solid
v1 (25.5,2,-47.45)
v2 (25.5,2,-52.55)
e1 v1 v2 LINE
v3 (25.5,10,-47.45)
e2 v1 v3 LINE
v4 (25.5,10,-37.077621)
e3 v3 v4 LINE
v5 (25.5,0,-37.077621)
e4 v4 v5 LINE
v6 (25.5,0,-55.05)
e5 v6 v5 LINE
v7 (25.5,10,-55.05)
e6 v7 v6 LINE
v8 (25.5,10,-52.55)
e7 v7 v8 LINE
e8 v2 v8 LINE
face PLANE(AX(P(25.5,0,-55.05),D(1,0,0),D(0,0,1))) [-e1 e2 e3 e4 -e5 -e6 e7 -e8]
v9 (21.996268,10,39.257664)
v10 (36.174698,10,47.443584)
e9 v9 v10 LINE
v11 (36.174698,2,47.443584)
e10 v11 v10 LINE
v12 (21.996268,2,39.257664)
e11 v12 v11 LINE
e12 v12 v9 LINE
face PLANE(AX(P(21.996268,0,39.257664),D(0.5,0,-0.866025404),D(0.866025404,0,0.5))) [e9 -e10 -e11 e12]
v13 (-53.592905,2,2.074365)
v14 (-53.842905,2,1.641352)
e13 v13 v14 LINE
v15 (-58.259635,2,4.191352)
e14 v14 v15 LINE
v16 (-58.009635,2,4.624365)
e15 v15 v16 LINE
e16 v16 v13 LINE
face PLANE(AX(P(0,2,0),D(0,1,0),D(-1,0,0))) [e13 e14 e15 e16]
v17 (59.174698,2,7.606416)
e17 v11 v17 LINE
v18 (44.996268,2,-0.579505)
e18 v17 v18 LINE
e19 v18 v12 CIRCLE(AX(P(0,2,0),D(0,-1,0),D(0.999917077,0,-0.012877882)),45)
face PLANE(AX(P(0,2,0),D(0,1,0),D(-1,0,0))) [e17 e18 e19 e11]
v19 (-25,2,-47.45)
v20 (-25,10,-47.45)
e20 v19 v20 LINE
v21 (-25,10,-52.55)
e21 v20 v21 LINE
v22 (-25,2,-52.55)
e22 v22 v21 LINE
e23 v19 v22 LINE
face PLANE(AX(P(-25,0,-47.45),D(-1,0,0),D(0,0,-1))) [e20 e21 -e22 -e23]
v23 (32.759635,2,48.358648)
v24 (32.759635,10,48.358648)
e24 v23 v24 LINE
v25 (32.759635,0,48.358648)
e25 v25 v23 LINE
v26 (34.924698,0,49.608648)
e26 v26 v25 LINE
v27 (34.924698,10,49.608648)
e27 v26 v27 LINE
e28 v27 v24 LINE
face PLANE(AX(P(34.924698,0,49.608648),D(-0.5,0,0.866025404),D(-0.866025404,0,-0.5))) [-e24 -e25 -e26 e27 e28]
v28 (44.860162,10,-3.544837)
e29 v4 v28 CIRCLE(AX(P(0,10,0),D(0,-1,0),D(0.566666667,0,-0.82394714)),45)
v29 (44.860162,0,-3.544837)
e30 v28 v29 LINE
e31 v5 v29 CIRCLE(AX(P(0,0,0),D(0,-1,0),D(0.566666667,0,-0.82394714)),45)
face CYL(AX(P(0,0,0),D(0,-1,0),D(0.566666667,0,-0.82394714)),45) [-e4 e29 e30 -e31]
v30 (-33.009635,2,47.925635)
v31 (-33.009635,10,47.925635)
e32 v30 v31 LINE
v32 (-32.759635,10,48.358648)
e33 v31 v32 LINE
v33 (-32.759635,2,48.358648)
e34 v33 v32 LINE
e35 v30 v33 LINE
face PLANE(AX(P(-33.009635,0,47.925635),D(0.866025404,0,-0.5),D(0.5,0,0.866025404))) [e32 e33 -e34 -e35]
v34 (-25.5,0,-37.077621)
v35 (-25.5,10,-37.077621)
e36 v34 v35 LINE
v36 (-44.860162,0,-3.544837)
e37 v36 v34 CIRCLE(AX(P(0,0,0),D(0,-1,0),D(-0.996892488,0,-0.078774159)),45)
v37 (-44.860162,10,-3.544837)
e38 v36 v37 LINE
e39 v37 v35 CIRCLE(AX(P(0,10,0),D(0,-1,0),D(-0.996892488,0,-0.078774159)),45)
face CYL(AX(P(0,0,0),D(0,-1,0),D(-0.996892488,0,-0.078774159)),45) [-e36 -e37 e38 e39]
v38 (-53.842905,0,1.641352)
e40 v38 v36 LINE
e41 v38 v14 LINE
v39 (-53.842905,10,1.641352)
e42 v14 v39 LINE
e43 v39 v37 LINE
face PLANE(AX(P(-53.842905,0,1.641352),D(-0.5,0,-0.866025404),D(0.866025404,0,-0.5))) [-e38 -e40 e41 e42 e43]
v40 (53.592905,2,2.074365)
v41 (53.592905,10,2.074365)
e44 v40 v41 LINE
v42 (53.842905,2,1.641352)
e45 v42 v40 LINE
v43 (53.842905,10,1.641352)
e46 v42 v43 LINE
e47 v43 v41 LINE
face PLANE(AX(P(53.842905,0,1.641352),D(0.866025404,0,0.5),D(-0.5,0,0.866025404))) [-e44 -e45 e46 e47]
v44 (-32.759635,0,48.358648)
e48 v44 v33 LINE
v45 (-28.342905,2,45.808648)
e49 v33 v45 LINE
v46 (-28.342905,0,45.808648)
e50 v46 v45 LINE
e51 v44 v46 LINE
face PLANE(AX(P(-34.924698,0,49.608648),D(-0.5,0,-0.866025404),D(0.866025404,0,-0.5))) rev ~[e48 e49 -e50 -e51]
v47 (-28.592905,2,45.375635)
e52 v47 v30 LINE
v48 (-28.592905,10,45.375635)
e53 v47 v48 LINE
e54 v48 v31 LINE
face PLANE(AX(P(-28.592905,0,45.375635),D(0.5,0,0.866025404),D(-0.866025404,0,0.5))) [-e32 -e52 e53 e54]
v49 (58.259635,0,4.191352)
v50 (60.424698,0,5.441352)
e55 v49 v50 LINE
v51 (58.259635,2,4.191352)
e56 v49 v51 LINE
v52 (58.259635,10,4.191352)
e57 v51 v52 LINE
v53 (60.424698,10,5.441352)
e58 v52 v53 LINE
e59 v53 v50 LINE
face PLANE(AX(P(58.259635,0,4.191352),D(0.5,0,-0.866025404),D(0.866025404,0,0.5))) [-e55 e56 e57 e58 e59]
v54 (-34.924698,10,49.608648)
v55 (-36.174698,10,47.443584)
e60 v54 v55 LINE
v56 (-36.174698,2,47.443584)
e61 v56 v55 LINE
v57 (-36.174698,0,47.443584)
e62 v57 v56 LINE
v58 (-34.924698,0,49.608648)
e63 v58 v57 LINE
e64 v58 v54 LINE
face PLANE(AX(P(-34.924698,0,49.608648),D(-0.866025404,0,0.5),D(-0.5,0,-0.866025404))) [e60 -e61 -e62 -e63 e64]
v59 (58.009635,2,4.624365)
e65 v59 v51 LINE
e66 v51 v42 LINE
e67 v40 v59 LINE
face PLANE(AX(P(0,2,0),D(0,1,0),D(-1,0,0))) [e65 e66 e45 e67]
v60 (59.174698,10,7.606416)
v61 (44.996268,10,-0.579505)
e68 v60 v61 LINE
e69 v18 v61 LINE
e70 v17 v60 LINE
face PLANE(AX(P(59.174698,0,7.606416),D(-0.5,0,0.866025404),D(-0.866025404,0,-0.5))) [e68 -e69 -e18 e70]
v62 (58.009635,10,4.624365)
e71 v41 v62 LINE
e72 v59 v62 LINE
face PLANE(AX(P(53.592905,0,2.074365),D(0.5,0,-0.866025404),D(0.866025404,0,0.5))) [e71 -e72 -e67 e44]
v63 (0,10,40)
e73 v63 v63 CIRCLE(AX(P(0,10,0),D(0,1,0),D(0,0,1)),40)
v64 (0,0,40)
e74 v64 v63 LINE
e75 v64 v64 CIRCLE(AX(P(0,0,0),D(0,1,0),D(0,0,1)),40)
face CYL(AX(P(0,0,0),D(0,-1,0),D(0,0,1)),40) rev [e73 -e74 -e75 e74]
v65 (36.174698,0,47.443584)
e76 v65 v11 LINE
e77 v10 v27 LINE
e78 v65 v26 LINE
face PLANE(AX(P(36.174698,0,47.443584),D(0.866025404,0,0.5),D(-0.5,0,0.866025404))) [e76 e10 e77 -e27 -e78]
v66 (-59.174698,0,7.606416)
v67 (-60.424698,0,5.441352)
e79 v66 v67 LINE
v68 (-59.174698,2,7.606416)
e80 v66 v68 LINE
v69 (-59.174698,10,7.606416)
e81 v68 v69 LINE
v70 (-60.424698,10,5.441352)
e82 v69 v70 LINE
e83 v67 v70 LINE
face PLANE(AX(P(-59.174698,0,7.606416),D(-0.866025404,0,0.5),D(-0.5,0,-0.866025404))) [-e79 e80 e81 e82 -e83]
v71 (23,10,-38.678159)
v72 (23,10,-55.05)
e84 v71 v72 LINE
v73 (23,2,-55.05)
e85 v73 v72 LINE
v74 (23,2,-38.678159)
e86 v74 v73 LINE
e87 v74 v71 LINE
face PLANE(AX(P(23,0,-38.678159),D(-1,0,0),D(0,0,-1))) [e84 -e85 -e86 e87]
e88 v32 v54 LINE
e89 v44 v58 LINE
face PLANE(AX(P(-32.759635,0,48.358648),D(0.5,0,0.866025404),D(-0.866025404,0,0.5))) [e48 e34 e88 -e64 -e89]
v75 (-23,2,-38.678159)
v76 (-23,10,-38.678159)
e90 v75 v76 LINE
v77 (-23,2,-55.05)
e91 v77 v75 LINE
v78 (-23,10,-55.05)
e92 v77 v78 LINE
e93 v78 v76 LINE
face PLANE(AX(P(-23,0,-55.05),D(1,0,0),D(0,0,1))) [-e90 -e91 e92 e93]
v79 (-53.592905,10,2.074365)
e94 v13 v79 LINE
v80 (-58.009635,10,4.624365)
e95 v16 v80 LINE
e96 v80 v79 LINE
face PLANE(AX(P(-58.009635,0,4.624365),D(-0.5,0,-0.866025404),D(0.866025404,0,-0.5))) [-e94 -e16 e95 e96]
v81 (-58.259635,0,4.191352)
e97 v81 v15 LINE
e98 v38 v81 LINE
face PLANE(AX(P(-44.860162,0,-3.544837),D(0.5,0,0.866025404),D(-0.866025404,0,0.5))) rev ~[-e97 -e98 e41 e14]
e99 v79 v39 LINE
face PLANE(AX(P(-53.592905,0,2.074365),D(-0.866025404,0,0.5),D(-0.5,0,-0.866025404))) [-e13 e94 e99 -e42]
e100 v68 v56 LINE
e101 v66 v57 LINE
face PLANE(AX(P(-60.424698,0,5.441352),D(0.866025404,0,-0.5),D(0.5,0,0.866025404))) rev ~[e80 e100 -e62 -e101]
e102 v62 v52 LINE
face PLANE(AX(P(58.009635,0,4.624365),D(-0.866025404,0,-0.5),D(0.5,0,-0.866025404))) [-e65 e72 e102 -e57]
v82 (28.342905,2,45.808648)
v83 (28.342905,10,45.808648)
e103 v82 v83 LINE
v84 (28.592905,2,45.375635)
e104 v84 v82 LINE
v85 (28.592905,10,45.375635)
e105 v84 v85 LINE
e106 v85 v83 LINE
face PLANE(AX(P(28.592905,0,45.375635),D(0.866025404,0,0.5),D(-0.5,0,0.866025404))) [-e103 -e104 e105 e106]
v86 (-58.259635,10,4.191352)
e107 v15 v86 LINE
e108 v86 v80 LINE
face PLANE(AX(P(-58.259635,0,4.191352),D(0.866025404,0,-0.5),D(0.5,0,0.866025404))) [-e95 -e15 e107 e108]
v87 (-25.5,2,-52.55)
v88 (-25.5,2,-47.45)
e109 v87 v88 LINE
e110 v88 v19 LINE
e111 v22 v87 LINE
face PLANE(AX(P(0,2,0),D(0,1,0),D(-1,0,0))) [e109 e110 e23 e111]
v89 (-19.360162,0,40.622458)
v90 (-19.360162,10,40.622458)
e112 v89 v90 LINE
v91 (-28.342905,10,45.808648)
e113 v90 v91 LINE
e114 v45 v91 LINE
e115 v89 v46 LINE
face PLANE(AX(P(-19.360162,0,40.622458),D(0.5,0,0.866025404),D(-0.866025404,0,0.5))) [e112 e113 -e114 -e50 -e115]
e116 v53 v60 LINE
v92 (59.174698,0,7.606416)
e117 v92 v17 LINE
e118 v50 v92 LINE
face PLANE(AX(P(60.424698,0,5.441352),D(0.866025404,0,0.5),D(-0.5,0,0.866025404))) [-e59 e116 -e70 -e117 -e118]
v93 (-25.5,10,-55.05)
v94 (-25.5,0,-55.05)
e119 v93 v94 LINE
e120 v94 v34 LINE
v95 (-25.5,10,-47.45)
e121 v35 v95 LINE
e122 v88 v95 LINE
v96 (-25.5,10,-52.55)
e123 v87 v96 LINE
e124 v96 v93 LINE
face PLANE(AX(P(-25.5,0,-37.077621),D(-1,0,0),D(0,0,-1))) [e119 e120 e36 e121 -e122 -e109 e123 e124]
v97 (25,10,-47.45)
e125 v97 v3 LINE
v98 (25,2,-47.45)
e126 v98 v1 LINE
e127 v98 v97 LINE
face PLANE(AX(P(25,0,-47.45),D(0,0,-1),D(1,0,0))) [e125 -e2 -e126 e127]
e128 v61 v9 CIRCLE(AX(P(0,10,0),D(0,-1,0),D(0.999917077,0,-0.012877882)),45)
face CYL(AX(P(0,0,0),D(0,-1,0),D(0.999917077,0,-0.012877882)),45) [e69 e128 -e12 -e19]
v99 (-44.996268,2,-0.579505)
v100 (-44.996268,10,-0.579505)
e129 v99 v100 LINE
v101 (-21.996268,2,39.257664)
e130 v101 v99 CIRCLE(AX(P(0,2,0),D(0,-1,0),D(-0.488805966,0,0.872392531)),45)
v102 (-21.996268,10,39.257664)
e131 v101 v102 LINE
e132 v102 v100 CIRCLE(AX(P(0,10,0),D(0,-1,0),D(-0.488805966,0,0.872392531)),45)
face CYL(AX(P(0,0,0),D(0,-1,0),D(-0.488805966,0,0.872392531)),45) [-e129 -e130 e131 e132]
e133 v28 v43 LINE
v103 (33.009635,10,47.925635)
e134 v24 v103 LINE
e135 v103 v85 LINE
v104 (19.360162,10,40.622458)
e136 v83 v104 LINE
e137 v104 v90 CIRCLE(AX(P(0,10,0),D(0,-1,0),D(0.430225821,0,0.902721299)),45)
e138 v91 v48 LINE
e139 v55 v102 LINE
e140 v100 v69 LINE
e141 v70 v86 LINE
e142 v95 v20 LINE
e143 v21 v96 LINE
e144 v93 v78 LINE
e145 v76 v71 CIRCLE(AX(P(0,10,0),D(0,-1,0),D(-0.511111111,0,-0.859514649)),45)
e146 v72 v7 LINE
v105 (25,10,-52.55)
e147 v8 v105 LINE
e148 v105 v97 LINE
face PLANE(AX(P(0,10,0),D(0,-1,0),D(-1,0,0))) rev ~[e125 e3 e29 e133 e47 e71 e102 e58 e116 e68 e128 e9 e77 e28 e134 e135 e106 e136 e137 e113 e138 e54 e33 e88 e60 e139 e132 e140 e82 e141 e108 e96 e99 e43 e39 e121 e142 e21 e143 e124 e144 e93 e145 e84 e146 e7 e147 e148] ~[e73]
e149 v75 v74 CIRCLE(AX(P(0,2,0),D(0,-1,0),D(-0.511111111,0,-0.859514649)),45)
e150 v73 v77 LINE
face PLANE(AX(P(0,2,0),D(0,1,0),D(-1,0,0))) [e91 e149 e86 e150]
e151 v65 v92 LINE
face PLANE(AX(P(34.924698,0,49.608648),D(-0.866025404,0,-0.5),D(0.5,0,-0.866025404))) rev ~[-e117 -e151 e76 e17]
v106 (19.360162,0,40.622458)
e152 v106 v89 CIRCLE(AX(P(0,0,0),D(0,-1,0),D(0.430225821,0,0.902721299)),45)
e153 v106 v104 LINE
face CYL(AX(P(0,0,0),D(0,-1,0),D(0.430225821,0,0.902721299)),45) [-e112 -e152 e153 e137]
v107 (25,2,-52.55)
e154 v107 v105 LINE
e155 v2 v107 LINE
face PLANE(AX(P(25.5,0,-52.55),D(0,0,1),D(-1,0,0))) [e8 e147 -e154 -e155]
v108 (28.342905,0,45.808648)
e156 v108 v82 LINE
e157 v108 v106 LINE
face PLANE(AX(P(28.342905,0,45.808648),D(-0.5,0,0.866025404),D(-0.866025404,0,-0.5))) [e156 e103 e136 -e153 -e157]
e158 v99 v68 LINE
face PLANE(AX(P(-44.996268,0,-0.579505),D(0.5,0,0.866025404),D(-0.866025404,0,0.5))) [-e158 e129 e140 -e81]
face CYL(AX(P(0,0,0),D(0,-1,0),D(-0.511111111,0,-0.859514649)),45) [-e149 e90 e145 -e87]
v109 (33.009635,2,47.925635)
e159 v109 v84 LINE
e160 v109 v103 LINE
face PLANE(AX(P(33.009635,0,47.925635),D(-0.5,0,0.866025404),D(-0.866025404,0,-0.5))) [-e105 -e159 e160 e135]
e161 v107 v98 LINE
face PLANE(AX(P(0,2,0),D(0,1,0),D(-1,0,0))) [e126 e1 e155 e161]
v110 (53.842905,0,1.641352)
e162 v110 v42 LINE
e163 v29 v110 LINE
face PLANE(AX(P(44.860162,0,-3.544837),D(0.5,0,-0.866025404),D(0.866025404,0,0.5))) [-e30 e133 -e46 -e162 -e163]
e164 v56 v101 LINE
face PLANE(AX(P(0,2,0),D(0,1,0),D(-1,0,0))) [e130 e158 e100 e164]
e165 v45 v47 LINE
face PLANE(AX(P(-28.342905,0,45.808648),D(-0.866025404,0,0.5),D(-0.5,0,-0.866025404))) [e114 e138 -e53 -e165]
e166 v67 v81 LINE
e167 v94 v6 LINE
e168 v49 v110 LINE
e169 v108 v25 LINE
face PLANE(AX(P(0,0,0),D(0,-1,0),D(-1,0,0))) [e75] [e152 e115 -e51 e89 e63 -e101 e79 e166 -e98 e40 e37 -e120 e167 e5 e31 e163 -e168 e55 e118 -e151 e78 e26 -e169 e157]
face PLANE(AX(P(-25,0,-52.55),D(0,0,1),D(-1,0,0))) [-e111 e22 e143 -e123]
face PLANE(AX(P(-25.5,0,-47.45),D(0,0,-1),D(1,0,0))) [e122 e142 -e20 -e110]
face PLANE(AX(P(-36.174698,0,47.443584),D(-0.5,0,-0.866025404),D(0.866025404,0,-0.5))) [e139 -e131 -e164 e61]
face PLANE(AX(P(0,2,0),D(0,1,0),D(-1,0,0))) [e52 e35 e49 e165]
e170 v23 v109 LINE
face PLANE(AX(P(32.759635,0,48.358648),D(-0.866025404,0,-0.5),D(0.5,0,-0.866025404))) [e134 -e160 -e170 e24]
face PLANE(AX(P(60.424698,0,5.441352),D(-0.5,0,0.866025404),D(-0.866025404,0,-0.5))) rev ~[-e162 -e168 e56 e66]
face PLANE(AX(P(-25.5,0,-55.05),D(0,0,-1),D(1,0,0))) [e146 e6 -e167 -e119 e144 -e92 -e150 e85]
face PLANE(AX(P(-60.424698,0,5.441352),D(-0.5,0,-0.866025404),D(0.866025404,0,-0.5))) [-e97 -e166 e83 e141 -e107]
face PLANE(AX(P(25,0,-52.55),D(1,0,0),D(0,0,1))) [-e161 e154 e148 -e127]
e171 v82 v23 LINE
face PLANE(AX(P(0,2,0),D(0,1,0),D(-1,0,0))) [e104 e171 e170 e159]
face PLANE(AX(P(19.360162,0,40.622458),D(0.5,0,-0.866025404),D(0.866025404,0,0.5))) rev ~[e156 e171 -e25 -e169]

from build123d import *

# Parameters (mm, degrees)
SKETCH1_R           = 40
BOSS_EXTRUDE1_DEPTH = 10
SKETCH2_R           = 40
BOSS_EXTRUDE2_DEPTH = 2


with BuildPart() as part:
    # Sketch1 → Boss-Extrude1 (new body)
    with BuildSketch(Plane(origin=(0, 0, 0), x_dir=(1, 0, 0), z_dir=(0, 1, 0))):
        with BuildLine():
            Line((-25.5, 37.077621283), (-25.5, 47.45))
            Line((-25.5, 47.45), (-25, 47.45))
            Line((-25, 47.45), (-25, 52.55))
            Line((-25, 52.55), (-25.5, 52.55))
            Line((-25.5, 52.55), (-25.5, 55.05))
            Line((-25.5, 55.05), (-23, 55.05))
            Line((-23, 55.05), (-23, 38.678159212))
            ThreePointArc((-23, 38.678159212), (0, 45), (23, 38.678159212))
            Line((23, 38.678159212), (23, 55.05))
            Line((23, 55.05), (25.5, 55.05))
            Line((25.5, 55.05), (25.5, 52.55))
            Line((25.5, 52.55), (25, 52.55))
            Line((25, 52.55), (25, 47.45))
            Line((25, 47.45), (25.5, 47.45))
            Line((25.5, 47.45), (25.5, 37.077621283))
            ThreePointArc((25.5, 37.077621283), (38.97114317, 22.5), (44.860161943, 3.544837155))
            Line((44.860161943, 3.544837155), (53.84290541, -1.641352203))
            Line((53.84290541, -1.641352203), (53.59290541, -2.074364905))
            Line((53.59290541, -2.074364905), (58.009634969, -4.624364905))
            Line((58.009634969, -4.624364905), (58.259634969, -4.191352203))
            Line((58.259634969, -4.191352203), (60.424698478, -5.441352203))
            Line((60.424698478, -5.441352203), (59.174698478, -7.606415713))
            Line((59.174698478, -7.606415713), (44.996268449, 0.579504681))
            ThreePointArc((44.996268449, 0.579504681), (38.97114317, -22.5), (21.996268449, -39.257663893))
            Line((21.996268449, -39.257663893), (36.174698478, -47.443584287))
            Line((36.174698478, -47.443584287), (34.924698478, -49.608647797))
            Line((34.924698478, -49.608647797), (32.759634969, -48.358647797))
            Line((32.759634969, -48.358647797), (33.009634969, -47.925635095))
            Line((33.009634969, -47.925635095), (28.59290541, -45.375635095))
            Line((28.59290541, -45.375635095), (28.34290541, -45.808647797))
            Line((28.34290541, -45.808647797), (19.360161943, -40.622458438))
            ThreePointArc((19.360161943, -40.622458438), (0, -45), (-19.360161943, -40.622458438))
            Line((-19.360161943, -40.622458438), (-28.34290541, -45.808647797))
            Line((-28.34290541, -45.808647797), (-28.59290541, -45.375635095))
            Line((-28.59290541, -45.375635095), (-33.009634969, -47.925635095))
            Line((-33.009634969, -47.925635095), (-32.759634969, -48.358647797))
            Line((-32.759634969, -48.358647797), (-34.924698478, -49.608647797))
            Line((-34.924698478, -49.608647797), (-36.174698478, -47.443584287))
            Line((-36.174698478, -47.443584287), (-21.996268449, -39.257663893))
            ThreePointArc((-21.996268449, -39.257663893), (-38.97114317, -22.5), (-44.996268449, 0.579504681))
            Line((-44.996268449, 0.579504681), (-59.174698478, -7.606415713))
            Line((-59.174698478, -7.606415713), (-60.424698478, -5.441352203))
            Line((-60.424698478, -5.441352203), (-58.259634969, -4.191352203))
            Line((-58.259634969, -4.191352203), (-58.009634969, -4.624364905))
            Line((-58.009634969, -4.624364905), (-53.59290541, -2.074364905))
            Line((-53.59290541, -2.074364905), (-53.84290541, -1.641352203))
            Line((-53.84290541, -1.641352203), (-44.860161943, 3.544837155))
            ThreePointArc((-44.860161943, 3.544837155), (-38.97114317, 22.5), (-25.5, 37.077621283))
        make_face()
        with Locations(Location((0, 0, 0), (0, 0, 270))):
            Circle(SKETCH1_R, mode=Mode.SUBTRACT)
    extrude(amount=BOSS_EXTRUDE1_DEPTH)

    # Sketch2 → Boss-Extrude2 (add)
    with BuildSketch(Plane.XZ):
        with BuildLine():
            Line((-60.424698478, 5.441352203), (-34.924698478, 49.608647797))
            Line((-34.924698478, 49.608647797), (-19.360161943, 40.622458438))
            ThreePointArc((-19.360161943, 40.622458438), (0, 45), (19.360161943, 40.622458438))
            Line((19.360161943, 40.622458438), (34.924698478, 49.608647797))
            Line((34.924698478, 49.608647797), (60.424698478, 5.441352203))
            Line((60.424698478, 5.441352203), (44.860161943, -3.544837155))
            ThreePointArc((44.860161943, -3.544837155), (38.97114317, -22.5), (25.5, -37.077621283))
            Line((25.5, -37.077621283), (25.5, -55.05))
            Line((25.5, -55.05), (-25.5, -55.05))
            Line((-25.5, -55.05), (-25.5, -37.077621283))
            ThreePointArc((-25.5, -37.077621283), (-38.97114317, -22.5), (-44.860161943, -3.544837155))
            Line((-44.860161943, -3.544837155), (-60.424698478, 5.441352203))
        make_face()
        with Locations(Location((0, 0, 0), (0, 0, 90))):
            Circle(SKETCH2_R, mode=Mode.SUBTRACT)
    extrude(amount=-BOSS_EXTRUDE2_DEPTH)


solid = part.part
